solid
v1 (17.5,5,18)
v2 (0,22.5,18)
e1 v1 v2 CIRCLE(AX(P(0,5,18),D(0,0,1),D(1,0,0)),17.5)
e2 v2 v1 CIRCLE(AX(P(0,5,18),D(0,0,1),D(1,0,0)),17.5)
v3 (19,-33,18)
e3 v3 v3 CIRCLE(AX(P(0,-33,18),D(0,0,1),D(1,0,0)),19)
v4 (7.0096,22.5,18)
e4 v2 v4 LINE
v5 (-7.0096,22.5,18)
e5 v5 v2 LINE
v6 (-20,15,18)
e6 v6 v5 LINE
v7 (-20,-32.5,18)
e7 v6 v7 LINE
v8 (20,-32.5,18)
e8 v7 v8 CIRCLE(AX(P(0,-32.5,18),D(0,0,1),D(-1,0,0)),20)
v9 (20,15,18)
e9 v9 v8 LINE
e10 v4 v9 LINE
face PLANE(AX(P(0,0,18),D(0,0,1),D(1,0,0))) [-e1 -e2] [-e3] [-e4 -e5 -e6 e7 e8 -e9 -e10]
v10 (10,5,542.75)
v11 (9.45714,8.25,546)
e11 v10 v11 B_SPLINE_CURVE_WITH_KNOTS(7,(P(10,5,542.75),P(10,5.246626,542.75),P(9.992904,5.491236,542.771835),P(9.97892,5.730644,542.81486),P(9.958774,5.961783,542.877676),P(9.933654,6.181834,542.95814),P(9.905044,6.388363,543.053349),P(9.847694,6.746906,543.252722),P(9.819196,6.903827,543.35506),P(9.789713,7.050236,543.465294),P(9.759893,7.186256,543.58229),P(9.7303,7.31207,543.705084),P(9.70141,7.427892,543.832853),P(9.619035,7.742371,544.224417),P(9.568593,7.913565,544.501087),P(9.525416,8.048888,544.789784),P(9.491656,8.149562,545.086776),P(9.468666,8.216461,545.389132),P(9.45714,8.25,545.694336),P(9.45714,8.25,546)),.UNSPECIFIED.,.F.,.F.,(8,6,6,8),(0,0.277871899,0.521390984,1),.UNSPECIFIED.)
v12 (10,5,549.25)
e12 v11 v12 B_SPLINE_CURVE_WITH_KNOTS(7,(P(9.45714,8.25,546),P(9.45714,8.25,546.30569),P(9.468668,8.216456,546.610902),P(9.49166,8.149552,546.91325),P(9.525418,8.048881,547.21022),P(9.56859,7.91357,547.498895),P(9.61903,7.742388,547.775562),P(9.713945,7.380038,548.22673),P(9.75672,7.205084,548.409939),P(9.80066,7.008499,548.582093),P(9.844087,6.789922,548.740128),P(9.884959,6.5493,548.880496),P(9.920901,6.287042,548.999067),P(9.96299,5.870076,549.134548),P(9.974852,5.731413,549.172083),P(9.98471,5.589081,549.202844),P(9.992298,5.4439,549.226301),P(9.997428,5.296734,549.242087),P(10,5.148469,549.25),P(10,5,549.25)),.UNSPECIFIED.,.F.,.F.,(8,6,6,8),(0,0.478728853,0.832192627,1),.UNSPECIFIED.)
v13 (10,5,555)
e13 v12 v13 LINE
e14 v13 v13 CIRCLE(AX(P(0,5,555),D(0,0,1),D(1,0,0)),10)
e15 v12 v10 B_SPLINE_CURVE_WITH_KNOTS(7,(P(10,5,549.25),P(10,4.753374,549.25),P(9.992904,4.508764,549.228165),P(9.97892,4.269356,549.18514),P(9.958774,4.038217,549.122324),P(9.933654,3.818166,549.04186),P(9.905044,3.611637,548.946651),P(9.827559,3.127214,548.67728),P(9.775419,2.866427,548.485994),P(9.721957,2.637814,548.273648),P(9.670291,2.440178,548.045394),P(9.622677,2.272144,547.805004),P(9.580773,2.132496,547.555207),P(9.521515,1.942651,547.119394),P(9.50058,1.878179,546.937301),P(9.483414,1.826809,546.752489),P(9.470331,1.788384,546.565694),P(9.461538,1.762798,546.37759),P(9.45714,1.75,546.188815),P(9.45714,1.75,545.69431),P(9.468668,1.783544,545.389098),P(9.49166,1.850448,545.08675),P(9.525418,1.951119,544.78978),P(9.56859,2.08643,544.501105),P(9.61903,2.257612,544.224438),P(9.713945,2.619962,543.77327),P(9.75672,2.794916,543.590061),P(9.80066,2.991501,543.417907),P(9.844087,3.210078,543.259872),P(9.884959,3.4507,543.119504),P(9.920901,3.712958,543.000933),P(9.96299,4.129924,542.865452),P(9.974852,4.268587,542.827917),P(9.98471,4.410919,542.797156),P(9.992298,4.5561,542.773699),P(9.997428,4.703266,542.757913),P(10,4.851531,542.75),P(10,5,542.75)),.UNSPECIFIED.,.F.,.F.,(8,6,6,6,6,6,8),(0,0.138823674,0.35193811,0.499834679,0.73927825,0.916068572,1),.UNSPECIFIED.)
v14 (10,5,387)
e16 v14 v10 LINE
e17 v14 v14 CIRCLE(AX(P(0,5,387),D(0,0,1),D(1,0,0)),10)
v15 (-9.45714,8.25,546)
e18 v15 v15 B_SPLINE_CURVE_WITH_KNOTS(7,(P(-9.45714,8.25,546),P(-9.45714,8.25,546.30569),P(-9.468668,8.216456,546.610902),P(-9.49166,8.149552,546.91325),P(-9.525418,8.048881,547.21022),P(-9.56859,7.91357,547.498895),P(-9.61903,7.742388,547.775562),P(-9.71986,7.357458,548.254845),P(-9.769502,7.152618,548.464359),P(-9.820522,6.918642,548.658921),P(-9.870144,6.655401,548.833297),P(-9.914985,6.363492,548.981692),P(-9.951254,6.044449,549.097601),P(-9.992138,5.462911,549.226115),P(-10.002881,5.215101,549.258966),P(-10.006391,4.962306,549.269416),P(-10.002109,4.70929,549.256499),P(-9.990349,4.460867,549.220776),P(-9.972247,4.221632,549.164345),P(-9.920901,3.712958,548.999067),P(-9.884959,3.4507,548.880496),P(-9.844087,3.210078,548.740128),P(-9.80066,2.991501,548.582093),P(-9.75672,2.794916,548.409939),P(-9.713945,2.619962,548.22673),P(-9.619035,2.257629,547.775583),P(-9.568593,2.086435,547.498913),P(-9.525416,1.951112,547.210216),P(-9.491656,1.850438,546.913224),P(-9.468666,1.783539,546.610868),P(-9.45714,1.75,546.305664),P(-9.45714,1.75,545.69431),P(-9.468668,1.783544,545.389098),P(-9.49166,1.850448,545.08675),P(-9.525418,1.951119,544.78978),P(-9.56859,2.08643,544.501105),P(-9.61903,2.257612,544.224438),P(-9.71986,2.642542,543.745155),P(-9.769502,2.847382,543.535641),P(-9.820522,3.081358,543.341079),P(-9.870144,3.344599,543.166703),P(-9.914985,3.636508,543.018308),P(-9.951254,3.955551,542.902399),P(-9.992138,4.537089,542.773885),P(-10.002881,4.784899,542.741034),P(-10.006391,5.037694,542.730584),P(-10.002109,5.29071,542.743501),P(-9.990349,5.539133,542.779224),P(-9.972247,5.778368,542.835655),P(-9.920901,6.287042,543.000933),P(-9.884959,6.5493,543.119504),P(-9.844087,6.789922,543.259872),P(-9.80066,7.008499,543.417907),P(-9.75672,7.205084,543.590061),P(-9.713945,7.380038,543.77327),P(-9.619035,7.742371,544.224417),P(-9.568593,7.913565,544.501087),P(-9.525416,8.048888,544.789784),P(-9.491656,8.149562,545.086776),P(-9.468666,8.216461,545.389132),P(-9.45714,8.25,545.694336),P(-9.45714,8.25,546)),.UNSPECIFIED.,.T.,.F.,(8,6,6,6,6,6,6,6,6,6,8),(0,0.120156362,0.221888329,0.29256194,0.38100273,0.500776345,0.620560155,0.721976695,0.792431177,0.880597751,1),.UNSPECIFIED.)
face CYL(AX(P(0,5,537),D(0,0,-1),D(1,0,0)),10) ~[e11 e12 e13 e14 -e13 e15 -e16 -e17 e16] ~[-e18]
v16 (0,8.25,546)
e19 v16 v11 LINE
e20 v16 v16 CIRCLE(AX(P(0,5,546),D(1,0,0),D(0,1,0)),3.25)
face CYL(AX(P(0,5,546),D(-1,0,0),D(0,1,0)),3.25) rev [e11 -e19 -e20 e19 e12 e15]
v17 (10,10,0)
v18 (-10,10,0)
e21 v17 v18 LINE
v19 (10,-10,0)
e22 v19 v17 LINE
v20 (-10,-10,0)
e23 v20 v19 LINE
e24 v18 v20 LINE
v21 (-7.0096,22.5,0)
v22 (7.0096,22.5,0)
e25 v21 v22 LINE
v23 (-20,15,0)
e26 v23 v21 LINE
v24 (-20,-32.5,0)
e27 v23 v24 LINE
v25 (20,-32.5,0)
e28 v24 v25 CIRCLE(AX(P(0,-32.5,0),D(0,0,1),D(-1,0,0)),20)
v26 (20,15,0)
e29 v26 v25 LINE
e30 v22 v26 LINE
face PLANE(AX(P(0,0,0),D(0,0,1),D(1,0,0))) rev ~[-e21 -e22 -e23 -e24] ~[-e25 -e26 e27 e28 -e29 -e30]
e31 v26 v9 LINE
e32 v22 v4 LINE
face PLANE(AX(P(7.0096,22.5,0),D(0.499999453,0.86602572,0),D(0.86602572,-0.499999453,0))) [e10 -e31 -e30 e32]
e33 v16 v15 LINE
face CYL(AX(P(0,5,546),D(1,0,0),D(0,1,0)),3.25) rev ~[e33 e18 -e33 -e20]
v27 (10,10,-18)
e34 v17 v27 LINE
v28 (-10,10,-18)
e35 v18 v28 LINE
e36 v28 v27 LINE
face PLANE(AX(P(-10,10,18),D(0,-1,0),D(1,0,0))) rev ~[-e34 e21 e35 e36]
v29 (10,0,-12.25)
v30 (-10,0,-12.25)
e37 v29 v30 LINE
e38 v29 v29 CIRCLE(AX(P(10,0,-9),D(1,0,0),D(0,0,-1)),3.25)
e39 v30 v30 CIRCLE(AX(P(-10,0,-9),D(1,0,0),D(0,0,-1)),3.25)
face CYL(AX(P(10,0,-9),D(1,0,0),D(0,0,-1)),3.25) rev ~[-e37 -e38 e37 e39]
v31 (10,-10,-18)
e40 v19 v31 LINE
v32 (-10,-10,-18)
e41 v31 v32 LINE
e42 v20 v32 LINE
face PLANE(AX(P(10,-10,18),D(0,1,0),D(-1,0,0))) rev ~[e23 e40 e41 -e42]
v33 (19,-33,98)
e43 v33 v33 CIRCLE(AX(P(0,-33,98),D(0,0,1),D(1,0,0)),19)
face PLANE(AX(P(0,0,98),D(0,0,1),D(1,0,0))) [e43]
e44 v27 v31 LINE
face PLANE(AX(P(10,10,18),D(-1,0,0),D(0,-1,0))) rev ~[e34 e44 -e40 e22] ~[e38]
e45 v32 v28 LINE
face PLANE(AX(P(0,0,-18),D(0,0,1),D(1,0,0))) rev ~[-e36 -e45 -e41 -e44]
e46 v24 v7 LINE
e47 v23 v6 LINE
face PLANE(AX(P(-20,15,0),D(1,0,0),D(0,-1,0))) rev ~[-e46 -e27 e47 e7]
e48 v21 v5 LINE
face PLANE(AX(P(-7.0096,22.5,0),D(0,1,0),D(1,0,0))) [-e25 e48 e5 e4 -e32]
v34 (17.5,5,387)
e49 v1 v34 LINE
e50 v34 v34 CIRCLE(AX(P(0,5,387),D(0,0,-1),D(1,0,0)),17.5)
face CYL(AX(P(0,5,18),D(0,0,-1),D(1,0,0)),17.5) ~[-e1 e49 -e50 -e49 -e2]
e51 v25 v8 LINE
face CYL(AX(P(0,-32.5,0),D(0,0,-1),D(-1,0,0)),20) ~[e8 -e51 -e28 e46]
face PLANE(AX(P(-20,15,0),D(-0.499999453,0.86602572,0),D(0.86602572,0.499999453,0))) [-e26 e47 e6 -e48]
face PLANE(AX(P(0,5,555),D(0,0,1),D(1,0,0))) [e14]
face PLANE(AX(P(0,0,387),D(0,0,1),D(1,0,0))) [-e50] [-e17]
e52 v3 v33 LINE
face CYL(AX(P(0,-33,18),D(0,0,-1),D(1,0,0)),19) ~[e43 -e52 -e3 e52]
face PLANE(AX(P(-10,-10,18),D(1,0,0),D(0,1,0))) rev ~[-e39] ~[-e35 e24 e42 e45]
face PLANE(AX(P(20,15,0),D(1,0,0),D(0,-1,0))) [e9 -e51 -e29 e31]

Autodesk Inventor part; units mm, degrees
ref_plane "YZ Plane" through (0, 0, 0) normal (1, 0, 0) x (0, 1, 0)
ref_plane "XZ Plane" through (0, 0, 0) normal (0, 1, 0) x (-1, 0, 0)
ref_plane "XY Plane" through (0, 0, 0) normal (0, 0, 1) x (1, 0, 0)
sketch "Sketch1" plane through (0, 0, 0) normal (0, 0, 1) x (1, 0, 0)
  line L0 (-10, -10) -> (10, -10)
  line L1 (10, -10) -> (10, 10)
  line L2 (10, 10) -> (-10, 10)
  line L3 (-10, 10) -> (-10, -10)
  line L4 (-10, -10) -> (10, 10) construction
  line L5 (10, -10) -> (-10, 10) construction
  line L6 (-20, 15) -> (-20, -32.5)
  line L7 (-20, 15) -> (-7.0096, 22.5)
  line L8 (-20, 15) -> (-5, 15) construction
  line L9 (-7.0096, 22.5) -> (7.0096, 22.5)
  line L10 (7.0096, 22.5) -> (20, 15)
  line L11 (20, 15) -> (20, -32.5)
  circle A0 centre (0, -32.5) radius 20 construction
  arc A1 (-20, -32.5) -> (20, -32.5) centre (0, -32.5) ccw
  point P0 (0, 0)
  point P1 (0, 22.5)
  point P2 (0, 10)
  dimension "d0" = 20
  dimension "d1" = 20
  dimension "d3" = 15
  dimension "d4" = 30
  dimension "d5" = 15
  dimension "d6" = 150
  dimension "d8" = 40
  dimension "d9" = 5
  dimension "d10" = 40
  dimension "d11" = 55
extrude "Extrusion1" add sketch "Sketch1" along normal blind 18
sketch "Sketch2" plane through (0, 0, 18) normal (0, 0, 1) x (1, 0, 0)
  line L0 (-10, -10) -> (-10, 10) projected
  line L1 (-10, 10) -> (10, 10) projected
  line L2 (10, 10) -> (10, -10) projected
  line L3 (10, -10) -> (-10, -10) projected
  line L4 (-20, 15) -> (-20, -32.5) projected
  arc A0 (-20, -32.5) -> (20, -32.5) centre (0, -32.5) ccw projected
  line L5 (20, -32.5) -> (20, 15) projected
  line L6 (20, 15) -> (7.0096, 22.5) projected
  line L7 (7.0096, 22.5) -> (-7.0096, 22.5) projected
  line L8 (-7.0096, 22.5) -> (-20, 15) projected
  point P0 (0, 0)
extrude "Extrusion2" add sketch "Sketch2" against normal blind 36 contours L0 L1 L2 L3
sketch "Sketch3" plane through (10, -10, 0) normal (1, 0, 0) x (0, 0, -1)
  circle A0 centre (9, 10) radius 3.25
  line L0 (0, 20) -> (18, 20) projected
  line L1 (0, 0) -> (0, 20) projected
  point P0 (0, 10)
  point P1 (9, 20)
  point P2 (0, 10)
  dimension "d16" = 6.5
extrude "Extrusion3" cut sketch "Sketch3" against normal through all
sketch "Sketch4" plane through (0, 0, 18) normal (0, 0, 1) x (1, 0, 0)
  circle A0 centre (0, 5) radius 17.5
  line L0 (7.0096, 22.5) -> (-7.0096, 22.5) projected
  point P0 (0, 0)
  point P1 (0, 22.5)
  dimension "d19" = 35
extrude "Extrusion4" add sketch "Sketch4" along normal blind 369
sketch "Sketch5" plane through (0, 0, 18) normal (0, 0, 1) x (1, 0, 0)
  circle A0 centre (0, -33) radius 19
  circle A1 centre (0, 5) radius 17.5 projected
  point P0 (0, 0)
  dimension "d22" = 38
  dimension "d23" = 38
extrude "Extrusion5" add sketch "Sketch5" along normal blind 80 contours A0
sketch "Sketch10" plane through (0, 5, 387) normal (0, 0, 1) x (1, 0, 0)
  circle A0 centre (0, 0) radius 10
  circle A1 centre (0, 0) radius 17.5 projected
  point P0 (0, -5)
  dimension "d32" = 20
extrude "Extrusion8" add sketch "Sketch10" along normal blind 150 contours A0
sketch "Sketch6" plane through (0, 5, 537) normal (0, 0, 1) x (1, 0, 0)
  circle A0 centre (0, 0) radius 17.5
  circle A1 centre (0, 0) radius 10
  point P0 (0, -5)
  dimension "d26" = 20
extrude "Extrusion6" add sketch "Sketch6" along normal blind 18 contours A1
sketch "Sketch8" plane through (0, 0, 0) normal (1, 0, 0) x (0, 1, 0)
  line L0 (15, 555) -> (-5, 555) projected
  line L1 (-5, 387) -> (15, 387) projected
  circle A0 centre (5, 546) radius 3.25
  line L2 (15, 555) -> (-5, 555) projected
  line L3 (15, 555) -> (15, 537)
  point P0 (0, 0)
  point P1 (5, 387)
  point P2 (15, 546)
  dimension "d29" = 6.5
  dimension "d35" = 18
extrude "Extrusion7" cut sketch "Sketch8" along normal through all both and the other way through all
properties part number "LinearActuator450" material "Steel, Carbon"
